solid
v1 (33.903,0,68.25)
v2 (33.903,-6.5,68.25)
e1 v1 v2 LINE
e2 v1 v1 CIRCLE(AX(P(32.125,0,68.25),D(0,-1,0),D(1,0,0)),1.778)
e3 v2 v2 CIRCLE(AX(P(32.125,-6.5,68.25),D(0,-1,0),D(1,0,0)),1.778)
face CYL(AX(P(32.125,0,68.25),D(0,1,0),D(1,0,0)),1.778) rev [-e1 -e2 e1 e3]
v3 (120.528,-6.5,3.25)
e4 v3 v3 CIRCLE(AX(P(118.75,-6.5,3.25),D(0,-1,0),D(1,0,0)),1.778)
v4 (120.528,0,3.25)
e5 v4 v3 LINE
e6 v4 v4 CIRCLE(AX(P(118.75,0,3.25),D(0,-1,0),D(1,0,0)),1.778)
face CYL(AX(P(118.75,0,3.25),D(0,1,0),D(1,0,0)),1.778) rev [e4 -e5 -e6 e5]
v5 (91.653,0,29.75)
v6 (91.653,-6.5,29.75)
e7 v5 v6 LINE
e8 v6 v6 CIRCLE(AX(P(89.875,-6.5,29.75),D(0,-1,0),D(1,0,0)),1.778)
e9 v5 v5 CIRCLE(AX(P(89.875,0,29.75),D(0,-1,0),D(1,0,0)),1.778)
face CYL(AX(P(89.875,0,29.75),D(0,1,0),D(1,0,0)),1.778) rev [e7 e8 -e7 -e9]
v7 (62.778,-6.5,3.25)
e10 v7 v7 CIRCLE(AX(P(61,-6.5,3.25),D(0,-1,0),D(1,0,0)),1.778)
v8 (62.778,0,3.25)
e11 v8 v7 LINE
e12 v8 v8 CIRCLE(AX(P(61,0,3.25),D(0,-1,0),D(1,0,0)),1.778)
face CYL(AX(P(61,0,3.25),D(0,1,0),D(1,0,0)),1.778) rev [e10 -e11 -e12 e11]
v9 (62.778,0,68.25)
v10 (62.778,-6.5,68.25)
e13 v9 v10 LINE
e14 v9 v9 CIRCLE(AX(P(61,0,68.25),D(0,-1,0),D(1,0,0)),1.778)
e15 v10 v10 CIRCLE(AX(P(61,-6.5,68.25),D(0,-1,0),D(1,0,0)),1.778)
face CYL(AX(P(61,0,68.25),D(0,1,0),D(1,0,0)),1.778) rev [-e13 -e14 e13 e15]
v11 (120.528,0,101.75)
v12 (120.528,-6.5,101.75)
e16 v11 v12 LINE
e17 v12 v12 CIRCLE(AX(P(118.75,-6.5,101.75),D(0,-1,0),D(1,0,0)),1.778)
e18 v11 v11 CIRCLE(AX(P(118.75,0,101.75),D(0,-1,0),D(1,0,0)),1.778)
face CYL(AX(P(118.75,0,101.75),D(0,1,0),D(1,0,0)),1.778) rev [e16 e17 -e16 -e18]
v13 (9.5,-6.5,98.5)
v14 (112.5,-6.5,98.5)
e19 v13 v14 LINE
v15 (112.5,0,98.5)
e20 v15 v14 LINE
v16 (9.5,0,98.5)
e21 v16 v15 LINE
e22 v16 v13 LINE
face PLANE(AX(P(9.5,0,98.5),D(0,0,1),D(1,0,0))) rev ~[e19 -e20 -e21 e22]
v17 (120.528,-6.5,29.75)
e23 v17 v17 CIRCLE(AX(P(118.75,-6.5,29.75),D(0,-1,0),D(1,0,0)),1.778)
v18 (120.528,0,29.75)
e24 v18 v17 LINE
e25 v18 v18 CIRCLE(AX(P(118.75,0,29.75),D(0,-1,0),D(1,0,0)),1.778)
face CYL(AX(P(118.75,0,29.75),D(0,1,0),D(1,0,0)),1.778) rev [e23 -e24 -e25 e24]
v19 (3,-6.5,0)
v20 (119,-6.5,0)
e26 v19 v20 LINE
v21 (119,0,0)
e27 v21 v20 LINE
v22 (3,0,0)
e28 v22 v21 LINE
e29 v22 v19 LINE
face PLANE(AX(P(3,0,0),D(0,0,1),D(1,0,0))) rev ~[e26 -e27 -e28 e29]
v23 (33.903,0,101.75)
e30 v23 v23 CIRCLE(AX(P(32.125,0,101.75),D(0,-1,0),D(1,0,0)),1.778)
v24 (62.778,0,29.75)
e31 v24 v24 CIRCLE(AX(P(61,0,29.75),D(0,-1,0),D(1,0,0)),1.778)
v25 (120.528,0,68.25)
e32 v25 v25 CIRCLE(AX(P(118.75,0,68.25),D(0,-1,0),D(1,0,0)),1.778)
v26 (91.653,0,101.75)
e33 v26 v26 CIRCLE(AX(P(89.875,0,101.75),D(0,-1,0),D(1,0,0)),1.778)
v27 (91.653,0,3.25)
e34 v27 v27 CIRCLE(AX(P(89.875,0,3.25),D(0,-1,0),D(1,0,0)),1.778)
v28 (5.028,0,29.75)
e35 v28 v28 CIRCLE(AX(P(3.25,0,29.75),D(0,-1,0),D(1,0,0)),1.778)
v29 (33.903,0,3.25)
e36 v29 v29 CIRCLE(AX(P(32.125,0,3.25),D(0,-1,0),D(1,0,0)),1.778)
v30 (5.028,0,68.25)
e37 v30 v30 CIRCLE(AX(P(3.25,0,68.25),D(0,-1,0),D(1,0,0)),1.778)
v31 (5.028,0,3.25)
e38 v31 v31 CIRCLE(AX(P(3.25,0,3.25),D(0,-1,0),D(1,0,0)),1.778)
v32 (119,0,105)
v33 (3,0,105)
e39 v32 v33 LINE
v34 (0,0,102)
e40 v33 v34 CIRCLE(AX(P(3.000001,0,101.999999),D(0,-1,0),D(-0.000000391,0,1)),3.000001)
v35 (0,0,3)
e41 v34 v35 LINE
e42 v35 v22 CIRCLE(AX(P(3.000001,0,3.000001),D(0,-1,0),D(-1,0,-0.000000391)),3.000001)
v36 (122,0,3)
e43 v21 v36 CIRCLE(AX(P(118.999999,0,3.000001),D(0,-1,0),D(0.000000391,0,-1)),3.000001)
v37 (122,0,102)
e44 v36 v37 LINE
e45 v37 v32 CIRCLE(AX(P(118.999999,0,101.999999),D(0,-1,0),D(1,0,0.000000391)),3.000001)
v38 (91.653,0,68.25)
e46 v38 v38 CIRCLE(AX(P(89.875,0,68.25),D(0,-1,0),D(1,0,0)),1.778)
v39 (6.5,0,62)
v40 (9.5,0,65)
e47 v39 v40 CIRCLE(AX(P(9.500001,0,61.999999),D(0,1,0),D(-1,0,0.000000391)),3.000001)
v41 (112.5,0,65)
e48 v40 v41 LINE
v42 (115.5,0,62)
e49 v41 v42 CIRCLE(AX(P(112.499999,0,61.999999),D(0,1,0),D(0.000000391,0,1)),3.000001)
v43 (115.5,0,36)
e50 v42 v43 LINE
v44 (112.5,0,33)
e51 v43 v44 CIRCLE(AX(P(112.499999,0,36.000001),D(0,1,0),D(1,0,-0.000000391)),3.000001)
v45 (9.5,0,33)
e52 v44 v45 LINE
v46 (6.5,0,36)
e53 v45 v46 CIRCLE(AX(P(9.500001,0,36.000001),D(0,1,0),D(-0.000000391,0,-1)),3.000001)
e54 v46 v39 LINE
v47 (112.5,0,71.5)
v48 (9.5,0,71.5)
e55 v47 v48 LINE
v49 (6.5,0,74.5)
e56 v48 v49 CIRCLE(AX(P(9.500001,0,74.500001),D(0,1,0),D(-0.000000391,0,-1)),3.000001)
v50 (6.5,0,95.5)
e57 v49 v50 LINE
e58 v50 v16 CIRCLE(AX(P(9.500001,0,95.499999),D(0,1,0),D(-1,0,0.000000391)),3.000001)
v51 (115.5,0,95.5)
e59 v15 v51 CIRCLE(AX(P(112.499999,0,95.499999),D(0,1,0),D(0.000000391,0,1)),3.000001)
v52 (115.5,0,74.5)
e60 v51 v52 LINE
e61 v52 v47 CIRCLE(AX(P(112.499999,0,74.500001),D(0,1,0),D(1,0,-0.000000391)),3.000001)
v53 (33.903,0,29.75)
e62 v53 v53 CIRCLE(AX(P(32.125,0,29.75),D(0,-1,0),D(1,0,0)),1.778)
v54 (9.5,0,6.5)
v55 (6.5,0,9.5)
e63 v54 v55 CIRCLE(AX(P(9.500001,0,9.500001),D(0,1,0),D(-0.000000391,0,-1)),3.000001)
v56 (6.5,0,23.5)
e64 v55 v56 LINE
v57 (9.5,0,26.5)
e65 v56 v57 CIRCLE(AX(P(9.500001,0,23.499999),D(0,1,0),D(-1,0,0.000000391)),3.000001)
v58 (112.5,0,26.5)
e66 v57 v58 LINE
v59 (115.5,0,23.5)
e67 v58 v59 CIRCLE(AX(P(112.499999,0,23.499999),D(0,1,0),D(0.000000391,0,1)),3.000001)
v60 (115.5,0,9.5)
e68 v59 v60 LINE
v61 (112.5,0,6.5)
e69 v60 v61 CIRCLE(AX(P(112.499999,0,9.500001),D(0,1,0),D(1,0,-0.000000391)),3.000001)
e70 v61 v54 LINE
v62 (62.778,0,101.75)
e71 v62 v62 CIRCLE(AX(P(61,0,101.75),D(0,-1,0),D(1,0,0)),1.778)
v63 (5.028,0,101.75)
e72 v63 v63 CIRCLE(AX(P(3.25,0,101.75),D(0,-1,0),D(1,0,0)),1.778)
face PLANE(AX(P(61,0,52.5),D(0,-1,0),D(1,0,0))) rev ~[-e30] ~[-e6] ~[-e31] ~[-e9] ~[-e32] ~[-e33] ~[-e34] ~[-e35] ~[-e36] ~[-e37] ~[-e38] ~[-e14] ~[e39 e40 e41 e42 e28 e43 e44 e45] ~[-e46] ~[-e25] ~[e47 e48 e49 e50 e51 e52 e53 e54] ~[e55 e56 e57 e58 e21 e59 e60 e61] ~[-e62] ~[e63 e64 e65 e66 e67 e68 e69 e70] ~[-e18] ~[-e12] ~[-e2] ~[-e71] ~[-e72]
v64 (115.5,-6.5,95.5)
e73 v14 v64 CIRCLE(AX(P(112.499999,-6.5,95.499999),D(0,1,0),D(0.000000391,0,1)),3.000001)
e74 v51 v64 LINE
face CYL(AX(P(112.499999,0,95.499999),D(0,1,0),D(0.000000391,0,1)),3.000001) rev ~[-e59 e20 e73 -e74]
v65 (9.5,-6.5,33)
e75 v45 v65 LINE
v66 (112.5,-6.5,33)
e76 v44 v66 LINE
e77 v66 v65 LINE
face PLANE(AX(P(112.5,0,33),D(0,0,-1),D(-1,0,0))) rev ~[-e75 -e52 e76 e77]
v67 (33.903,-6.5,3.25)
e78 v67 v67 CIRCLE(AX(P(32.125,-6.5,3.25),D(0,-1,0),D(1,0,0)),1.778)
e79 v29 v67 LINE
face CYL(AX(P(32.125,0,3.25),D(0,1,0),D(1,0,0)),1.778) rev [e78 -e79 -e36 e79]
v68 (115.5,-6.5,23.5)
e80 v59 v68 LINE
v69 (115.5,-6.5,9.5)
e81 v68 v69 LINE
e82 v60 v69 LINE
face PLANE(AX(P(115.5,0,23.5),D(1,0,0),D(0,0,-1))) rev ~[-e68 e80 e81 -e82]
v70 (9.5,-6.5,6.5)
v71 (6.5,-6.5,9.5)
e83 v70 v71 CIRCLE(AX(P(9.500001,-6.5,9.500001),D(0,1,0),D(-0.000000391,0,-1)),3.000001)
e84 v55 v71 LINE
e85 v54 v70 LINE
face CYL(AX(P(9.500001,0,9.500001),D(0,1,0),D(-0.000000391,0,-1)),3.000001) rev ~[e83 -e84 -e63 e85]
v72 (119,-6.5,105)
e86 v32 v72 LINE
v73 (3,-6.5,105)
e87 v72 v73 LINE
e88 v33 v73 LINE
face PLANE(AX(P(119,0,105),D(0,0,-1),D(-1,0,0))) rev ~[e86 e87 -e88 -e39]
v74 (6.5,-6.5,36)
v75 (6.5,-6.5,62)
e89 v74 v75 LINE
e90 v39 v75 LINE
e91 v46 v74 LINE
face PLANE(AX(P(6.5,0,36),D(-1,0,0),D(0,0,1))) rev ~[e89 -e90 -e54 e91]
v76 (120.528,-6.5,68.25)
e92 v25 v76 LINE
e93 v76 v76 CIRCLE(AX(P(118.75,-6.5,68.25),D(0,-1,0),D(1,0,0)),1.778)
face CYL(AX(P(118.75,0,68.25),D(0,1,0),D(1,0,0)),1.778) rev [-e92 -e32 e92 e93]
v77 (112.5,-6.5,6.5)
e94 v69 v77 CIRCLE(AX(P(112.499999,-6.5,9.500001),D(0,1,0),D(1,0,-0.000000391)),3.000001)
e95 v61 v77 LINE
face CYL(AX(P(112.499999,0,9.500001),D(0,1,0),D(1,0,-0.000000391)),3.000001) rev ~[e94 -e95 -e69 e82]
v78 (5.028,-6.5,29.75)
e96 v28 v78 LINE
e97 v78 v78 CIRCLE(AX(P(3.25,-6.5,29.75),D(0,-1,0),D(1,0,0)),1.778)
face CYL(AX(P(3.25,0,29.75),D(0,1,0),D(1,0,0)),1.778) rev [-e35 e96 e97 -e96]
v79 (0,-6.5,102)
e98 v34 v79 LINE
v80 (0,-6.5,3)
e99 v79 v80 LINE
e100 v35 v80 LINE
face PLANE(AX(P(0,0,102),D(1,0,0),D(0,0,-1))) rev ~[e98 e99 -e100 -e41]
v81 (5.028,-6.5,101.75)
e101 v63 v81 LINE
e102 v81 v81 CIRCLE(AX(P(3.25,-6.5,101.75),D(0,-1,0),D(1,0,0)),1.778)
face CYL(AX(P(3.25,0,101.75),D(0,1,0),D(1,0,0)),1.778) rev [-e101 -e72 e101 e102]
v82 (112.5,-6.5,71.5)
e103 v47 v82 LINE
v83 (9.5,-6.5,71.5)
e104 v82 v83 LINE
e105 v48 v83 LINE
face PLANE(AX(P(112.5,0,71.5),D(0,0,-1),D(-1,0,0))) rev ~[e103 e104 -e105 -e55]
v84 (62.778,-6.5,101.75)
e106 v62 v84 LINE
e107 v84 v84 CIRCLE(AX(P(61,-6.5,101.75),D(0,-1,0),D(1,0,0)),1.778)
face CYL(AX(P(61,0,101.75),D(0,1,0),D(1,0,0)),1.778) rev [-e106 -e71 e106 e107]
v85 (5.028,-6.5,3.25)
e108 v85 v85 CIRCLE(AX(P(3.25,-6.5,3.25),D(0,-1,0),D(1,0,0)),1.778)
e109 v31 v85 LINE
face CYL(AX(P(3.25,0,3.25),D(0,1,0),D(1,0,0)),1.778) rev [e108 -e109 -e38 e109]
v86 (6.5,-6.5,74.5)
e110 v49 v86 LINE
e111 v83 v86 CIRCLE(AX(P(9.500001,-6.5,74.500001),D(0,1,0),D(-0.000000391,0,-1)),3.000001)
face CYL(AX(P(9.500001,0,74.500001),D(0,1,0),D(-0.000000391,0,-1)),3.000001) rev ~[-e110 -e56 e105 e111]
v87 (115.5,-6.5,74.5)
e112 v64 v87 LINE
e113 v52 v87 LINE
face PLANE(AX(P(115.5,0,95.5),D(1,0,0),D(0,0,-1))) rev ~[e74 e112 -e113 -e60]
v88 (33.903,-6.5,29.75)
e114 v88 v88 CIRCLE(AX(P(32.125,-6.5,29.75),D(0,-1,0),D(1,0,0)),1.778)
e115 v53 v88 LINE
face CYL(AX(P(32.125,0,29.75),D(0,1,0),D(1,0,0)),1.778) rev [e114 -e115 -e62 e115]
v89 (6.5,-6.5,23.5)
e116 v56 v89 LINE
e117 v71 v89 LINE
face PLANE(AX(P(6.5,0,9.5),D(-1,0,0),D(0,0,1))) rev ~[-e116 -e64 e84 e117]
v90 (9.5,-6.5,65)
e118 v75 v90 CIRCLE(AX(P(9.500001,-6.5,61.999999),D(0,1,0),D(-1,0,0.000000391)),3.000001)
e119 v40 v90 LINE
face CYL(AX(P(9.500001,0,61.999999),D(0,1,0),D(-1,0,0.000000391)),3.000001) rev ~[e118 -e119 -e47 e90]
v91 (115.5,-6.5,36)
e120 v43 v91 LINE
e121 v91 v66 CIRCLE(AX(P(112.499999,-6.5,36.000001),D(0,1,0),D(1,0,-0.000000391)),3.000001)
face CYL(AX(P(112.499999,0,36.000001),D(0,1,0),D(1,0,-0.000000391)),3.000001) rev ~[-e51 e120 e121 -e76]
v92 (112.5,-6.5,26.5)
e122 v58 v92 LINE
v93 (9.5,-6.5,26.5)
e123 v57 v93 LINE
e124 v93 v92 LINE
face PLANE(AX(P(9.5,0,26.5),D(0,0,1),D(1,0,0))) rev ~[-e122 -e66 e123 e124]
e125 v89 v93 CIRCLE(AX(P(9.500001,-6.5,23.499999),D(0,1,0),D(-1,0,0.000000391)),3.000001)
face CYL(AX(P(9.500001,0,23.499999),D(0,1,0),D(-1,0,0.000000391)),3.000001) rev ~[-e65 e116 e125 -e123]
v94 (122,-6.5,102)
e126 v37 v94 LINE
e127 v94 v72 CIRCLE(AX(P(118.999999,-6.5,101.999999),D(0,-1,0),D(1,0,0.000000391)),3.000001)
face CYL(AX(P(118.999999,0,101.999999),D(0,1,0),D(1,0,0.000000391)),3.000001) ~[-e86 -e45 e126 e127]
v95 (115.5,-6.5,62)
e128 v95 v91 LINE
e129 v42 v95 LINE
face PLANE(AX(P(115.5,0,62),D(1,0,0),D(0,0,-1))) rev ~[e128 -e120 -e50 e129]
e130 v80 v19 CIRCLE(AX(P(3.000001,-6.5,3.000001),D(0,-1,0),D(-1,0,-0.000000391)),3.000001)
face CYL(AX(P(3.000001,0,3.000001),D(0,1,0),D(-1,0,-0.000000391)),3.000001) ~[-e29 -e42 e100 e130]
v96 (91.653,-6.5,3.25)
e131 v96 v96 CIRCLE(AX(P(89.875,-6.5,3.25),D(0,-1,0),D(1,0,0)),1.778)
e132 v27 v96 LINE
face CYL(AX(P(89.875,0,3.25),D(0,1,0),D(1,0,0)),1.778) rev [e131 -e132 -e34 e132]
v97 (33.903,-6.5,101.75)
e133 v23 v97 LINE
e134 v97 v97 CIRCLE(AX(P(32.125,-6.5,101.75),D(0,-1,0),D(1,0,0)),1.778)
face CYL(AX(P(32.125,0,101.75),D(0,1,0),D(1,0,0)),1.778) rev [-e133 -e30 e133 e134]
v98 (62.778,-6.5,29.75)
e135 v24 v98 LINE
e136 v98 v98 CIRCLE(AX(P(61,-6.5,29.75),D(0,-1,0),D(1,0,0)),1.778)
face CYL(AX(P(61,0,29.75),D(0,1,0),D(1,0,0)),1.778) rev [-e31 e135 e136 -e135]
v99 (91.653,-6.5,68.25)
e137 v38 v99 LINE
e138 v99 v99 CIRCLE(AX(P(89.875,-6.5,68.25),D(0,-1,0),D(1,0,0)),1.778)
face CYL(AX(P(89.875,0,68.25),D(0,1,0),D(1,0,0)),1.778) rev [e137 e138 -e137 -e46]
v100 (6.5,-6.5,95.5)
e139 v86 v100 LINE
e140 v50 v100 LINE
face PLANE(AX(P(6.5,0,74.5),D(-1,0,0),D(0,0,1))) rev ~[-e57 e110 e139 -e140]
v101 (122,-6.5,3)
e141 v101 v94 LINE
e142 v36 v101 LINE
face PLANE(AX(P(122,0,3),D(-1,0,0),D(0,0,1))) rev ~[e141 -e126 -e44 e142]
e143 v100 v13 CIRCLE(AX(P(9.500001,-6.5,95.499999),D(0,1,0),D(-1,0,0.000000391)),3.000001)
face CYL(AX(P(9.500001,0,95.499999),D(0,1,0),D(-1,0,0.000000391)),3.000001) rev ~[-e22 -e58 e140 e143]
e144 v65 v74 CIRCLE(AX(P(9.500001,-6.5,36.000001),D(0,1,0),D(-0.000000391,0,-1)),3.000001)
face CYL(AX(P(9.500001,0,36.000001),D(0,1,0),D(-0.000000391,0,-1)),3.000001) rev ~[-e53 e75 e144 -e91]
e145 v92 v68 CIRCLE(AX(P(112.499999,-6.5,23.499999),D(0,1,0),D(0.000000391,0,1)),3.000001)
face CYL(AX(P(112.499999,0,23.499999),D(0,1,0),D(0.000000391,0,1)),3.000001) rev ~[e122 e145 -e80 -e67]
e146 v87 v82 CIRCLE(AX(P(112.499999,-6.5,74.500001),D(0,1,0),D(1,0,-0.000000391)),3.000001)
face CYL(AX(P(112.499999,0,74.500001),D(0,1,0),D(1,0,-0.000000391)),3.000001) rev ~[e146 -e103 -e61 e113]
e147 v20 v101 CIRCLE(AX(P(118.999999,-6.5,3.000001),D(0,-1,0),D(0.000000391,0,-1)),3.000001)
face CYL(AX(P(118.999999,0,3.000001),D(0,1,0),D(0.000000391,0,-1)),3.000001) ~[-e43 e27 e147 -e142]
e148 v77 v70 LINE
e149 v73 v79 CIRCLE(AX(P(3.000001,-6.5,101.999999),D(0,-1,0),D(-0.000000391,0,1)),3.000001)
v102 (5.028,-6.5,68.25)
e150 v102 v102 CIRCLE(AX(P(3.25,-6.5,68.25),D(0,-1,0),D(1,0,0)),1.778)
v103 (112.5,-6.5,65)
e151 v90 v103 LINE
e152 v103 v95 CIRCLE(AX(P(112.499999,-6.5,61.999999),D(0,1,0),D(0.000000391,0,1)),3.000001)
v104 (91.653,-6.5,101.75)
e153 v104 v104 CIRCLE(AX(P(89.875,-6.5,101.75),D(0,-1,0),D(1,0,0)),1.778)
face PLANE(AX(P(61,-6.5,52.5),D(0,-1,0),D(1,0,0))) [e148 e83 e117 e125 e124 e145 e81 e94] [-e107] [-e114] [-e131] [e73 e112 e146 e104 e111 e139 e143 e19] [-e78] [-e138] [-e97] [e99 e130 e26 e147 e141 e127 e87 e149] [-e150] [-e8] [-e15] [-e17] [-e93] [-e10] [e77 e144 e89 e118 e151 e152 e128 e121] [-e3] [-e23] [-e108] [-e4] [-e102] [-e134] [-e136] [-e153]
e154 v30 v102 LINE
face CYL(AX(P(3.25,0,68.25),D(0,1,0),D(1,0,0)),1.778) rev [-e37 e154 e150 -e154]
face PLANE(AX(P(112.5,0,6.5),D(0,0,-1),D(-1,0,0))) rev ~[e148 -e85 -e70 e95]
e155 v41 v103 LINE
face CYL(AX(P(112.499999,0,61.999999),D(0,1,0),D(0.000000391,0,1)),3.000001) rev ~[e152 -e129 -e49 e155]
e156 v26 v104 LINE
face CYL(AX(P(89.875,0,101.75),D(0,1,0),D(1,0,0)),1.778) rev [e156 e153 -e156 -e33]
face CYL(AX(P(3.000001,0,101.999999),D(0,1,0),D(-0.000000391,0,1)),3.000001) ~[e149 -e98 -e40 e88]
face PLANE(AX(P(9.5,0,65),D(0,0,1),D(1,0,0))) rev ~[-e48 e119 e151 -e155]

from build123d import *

# Parameters (mm, degrees)
F0_R     = 1.778
F1_DEPTH = 6.5


with BuildPart() as f1:
    # F0 (on Front) → F1 (new body)
    with BuildSketch(Plane.XZ):
        with BuildLine():
            Line((0, 102), (0, 3))
            ThreePointArc((0, 3), (0.87868, 0.87868), (3, 0))
            Line((3, 0), (119, 0))
            ThreePointArc((119, 0), (121.12132, 0.87868), (122, 3))
            Line((122, 3), (122, 102))
            ThreePointArc((122, 102), (121.12132, 104.12132), (119, 105))
            Line((119, 105), (3, 105))
            ThreePointArc((3, 105), (0.87868, 104.12132), (0, 102))
        make_face()
        with Locations((3.25, 3.25)):
            Circle(F0_R, mode=Mode.SUBTRACT)
        with Locations((32.125, 3.25)):
            Circle(F0_R, mode=Mode.SUBTRACT)
        with Locations((3.25, 29.75)):
            Circle(F0_R, mode=Mode.SUBTRACT)
        with Locations((32.125, 29.75)):
            Circle(F0_R, mode=Mode.SUBTRACT)
        with Locations((61, 3.25)):
            Circle(F0_R, mode=Mode.SUBTRACT)
        with Locations((89.875, 3.25)):
            Circle(F0_R, mode=Mode.SUBTRACT)
        with BuildLine():
            Line((112.5, 6.5), (9.5, 6.5))
            ThreePointArc((9.5, 6.5), (7.37868, 7.37868), (6.5, 9.5))
            Line((6.5, 9.5), (6.5, 23.5))
            ThreePointArc((6.5, 23.5), (7.37868, 25.62132), (9.5, 26.5))
            Line((9.5, 26.5), (112.5, 26.5))
            ThreePointArc((112.5, 26.5), (114.62132, 25.62132), (115.5, 23.5))
            Line((115.5, 23.5), (115.5, 9.5))
            ThreePointArc((115.5, 9.5), (114.62132, 7.37868), (112.5, 6.5))
        make_face(mode=Mode.SUBTRACT)
        with Locations((118.75, 3.25)):
            Circle(F0_R, mode=Mode.SUBTRACT)
        with Locations((61, 29.75)):
            Circle(F0_R, mode=Mode.SUBTRACT)
        with Locations((89.875, 29.75)):
            Circle(F0_R, mode=Mode.SUBTRACT)
        with BuildLine():
            ThreePointArc((9.5, 33), (7.37868, 33.87868), (6.5, 36))
            Line((6.5, 36), (6.5, 62))
            ThreePointArc((6.5, 62), (7.37868, 64.12132), (9.5, 65))
            Line((9.5, 65), (112.5, 65))
            ThreePointArc((112.5, 65), (114.62132, 64.12132), (115.5, 62))
            Line((115.5, 62), (115.5, 36))
            ThreePointArc((115.5, 36), (114.62132, 33.87868), (112.5, 33))
            Line((112.5, 33), (9.5, 33))
        make_face(mode=Mode.SUBTRACT)
        with Locations((118.75, 29.75)):
            Circle(F0_R, mode=Mode.SUBTRACT)
        with Locations((3.25, 68.25)):
            Circle(F0_R, mode=Mode.SUBTRACT)
        with Locations((32.125, 68.25)):
            Circle(F0_R, mode=Mode.SUBTRACT)
        with Locations((3.25, 101.75)):
            Circle(F0_R, mode=Mode.SUBTRACT)
        with Locations((32.125, 101.75)):
            Circle(F0_R, mode=Mode.SUBTRACT)
        with Locations((61, 68.25)):
            Circle(F0_R, mode=Mode.SUBTRACT)
        with Locations((89.875, 68.25)):
            Circle(F0_R, mode=Mode.SUBTRACT)
        with Locations((118.75, 68.25)):
            Circle(F0_R, mode=Mode.SUBTRACT)
        with BuildLine():
            Line((6.5, 74.5), (6.5, 95.5))
            ThreePointArc((6.5, 95.5), (7.37868, 97.62132), (9.5, 98.5))
            Line((9.5, 98.5), (112.5, 98.5))
            ThreePointArc((112.5, 98.5), (114.62132, 97.62132), (115.5, 95.5))
            Line((115.5, 95.5), (115.5, 74.5))
            ThreePointArc((115.5, 74.5), (114.62132, 72.37868), (112.5, 71.5))
            Line((112.5, 71.5), (9.5, 71.5))
            ThreePointArc((9.5, 71.5), (7.37868, 72.37868), (6.5, 74.5))
        make_face(mode=Mode.SUBTRACT)
        with Locations((61, 101.75)):
            Circle(F0_R, mode=Mode.SUBTRACT)
        with Locations((89.875, 101.75)):
            Circle(F0_R, mode=Mode.SUBTRACT)
        with Locations((118.75, 101.75)):
            Circle(F0_R, mode=Mode.SUBTRACT)
    extrude(amount=F1_DEPTH)


solid = f1.part
